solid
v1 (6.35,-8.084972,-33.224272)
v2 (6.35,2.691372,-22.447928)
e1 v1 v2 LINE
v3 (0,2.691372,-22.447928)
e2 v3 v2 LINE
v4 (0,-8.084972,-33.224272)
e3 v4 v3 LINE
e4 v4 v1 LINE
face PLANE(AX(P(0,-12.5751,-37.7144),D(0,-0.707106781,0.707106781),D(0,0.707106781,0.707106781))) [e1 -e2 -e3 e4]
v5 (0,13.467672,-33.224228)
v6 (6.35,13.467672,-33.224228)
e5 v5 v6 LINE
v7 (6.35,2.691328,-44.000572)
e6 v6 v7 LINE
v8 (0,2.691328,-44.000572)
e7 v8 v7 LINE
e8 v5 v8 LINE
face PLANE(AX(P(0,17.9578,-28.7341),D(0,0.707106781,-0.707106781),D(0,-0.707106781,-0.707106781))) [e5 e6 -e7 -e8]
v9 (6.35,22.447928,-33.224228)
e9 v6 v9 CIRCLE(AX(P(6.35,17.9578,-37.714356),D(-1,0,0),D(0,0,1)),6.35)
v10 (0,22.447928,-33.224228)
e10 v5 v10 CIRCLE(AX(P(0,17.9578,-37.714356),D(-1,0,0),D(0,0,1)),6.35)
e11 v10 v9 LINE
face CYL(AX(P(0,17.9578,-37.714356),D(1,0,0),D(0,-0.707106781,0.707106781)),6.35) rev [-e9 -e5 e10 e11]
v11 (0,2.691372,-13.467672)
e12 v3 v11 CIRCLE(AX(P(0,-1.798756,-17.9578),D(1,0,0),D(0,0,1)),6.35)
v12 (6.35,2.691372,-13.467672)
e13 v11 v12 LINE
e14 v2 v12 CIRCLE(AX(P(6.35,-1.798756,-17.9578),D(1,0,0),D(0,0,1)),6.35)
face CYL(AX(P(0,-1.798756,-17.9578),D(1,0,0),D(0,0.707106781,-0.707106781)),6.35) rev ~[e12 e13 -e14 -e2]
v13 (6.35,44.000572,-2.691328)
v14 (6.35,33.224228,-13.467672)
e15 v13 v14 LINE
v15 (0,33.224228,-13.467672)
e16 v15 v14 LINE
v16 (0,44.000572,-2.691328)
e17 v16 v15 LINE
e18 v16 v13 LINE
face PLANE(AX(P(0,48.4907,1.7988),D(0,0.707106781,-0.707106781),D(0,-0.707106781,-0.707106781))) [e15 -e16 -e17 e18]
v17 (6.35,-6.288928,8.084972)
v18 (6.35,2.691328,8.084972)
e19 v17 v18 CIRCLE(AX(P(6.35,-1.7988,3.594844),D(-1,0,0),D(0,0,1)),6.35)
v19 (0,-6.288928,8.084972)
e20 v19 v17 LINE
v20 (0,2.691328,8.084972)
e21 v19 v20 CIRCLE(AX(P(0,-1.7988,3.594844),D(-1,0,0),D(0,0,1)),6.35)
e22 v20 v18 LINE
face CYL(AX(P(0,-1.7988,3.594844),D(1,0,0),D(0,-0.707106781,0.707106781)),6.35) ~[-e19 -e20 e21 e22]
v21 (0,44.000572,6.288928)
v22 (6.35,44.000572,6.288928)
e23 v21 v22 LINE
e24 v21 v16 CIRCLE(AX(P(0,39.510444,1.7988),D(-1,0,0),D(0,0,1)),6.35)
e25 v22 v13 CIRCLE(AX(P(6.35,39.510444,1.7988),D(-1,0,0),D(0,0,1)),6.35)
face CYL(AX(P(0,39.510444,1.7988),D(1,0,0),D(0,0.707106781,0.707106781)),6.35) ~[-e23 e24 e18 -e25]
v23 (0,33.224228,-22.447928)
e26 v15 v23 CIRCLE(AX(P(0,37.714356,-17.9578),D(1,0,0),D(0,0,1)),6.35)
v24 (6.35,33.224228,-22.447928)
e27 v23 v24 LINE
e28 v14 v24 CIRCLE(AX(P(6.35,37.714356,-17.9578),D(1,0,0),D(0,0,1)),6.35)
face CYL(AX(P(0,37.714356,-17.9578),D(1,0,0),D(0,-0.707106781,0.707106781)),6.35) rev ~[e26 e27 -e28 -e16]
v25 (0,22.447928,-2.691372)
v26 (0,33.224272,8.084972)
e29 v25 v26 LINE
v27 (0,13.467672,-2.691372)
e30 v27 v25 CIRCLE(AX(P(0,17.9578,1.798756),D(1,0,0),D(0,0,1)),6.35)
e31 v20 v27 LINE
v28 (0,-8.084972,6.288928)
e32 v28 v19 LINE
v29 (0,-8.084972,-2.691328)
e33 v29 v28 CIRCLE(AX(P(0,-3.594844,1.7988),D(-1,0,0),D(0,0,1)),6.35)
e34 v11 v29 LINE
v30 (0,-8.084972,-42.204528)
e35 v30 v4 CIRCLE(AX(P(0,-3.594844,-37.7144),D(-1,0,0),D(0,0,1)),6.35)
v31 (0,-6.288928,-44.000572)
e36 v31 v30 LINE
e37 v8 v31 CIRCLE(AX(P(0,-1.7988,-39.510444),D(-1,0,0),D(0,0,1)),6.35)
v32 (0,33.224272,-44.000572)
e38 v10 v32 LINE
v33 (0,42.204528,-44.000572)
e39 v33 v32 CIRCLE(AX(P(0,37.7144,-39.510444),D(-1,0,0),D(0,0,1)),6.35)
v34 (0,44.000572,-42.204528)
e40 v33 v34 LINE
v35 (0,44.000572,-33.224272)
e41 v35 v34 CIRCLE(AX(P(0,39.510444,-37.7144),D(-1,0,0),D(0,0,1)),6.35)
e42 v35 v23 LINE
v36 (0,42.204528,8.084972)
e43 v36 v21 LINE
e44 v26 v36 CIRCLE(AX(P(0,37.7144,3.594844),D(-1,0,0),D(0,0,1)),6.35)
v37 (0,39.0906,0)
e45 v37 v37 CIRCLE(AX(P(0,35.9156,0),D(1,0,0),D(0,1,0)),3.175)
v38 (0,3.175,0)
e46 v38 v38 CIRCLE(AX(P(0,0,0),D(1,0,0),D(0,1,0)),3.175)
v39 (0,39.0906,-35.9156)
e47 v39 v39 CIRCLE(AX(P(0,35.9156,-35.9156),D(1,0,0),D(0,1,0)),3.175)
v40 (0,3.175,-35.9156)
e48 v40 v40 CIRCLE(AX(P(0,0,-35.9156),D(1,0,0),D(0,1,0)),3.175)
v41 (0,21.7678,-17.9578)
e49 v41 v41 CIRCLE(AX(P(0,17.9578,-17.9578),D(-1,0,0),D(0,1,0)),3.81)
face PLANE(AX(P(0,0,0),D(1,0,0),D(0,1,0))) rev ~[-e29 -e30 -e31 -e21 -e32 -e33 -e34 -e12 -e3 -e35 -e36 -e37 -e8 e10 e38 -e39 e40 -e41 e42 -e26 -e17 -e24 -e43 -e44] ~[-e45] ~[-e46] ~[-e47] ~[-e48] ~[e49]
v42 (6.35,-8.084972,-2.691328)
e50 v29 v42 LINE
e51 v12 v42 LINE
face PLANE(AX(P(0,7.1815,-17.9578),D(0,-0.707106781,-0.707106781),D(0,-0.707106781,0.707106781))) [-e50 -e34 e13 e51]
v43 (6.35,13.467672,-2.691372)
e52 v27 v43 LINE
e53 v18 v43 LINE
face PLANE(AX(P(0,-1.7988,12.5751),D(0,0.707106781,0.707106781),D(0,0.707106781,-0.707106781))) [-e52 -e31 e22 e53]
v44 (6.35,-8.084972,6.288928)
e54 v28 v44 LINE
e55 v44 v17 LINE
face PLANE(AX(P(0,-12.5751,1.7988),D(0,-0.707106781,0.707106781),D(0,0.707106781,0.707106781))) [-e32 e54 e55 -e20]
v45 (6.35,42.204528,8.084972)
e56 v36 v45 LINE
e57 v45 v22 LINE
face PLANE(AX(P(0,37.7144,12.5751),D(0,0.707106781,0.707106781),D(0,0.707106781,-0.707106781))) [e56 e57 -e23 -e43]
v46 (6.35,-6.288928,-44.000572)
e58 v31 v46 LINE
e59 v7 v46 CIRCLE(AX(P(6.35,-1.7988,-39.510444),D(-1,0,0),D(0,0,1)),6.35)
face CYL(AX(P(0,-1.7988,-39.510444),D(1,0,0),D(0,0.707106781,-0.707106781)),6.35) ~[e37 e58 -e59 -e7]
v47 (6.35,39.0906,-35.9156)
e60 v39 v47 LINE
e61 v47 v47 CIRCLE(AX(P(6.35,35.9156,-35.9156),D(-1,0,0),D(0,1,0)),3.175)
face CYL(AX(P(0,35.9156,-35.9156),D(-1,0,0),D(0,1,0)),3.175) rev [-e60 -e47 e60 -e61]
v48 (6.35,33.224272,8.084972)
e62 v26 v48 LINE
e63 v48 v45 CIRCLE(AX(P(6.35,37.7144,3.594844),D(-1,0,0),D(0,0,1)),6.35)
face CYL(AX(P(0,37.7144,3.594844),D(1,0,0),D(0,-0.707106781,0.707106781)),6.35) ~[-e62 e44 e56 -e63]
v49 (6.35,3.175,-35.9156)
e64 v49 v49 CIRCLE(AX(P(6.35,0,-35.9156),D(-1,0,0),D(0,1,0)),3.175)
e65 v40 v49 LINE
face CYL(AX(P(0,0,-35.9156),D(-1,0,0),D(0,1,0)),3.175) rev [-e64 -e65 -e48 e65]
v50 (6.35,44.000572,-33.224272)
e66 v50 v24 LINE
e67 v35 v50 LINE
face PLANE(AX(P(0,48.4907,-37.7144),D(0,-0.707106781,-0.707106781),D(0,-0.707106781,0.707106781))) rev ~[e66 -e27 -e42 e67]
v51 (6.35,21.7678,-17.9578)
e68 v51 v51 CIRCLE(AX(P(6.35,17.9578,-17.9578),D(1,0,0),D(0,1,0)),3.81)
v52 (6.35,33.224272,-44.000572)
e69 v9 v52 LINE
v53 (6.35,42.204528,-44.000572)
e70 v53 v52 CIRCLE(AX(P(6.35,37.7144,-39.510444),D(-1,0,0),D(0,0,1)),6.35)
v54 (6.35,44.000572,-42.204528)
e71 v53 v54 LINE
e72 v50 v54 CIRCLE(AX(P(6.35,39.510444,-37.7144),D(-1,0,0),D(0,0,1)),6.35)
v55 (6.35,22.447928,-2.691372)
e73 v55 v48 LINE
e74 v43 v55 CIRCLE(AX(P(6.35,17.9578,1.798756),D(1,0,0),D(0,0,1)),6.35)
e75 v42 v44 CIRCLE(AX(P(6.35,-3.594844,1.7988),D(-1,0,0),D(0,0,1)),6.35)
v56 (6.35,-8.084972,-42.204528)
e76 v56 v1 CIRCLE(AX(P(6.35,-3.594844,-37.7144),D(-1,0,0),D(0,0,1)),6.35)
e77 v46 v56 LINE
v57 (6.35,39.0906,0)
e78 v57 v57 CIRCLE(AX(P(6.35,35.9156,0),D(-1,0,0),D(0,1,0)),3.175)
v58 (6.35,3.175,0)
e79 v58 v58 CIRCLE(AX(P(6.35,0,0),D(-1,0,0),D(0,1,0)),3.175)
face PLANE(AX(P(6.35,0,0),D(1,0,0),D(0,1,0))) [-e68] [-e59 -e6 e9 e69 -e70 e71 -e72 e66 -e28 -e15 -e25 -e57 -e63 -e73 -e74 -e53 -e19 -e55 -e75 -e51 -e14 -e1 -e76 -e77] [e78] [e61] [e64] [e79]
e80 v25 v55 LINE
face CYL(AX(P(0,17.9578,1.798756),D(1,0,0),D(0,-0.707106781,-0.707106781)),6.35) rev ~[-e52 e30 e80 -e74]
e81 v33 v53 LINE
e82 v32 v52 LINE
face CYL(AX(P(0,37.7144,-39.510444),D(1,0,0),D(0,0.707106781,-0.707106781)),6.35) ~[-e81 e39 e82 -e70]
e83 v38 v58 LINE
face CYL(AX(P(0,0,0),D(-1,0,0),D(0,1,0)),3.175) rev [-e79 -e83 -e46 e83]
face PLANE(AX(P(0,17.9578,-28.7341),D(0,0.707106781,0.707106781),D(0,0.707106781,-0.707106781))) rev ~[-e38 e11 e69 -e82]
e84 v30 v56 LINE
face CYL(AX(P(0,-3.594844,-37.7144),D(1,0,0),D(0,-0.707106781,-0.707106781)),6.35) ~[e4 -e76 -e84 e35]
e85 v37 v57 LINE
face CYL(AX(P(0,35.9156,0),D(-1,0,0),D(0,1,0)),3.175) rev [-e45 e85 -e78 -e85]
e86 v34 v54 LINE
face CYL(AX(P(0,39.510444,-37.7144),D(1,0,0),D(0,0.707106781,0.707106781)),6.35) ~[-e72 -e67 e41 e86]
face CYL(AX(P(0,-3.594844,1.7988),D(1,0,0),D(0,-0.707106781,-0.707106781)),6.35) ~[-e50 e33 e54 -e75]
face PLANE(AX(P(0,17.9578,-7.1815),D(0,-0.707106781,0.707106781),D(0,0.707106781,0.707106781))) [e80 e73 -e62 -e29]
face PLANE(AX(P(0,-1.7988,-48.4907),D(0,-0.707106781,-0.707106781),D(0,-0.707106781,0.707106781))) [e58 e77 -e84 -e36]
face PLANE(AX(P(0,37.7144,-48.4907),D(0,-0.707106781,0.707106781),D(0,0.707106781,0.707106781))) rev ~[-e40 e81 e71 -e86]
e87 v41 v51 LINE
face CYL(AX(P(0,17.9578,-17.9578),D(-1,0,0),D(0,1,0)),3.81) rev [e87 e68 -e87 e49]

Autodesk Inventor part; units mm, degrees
ref_plane "YZ Plane" through (0, 0, 0) normal (1, 0, 0) x (0, 1, 0)
ref_plane "XZ Plane" through (0, 0, 0) normal (0, 1, 0) x (-1, 0, 0)
ref_plane "XY Plane" through (0, 0, 0) normal (0, 0, 1) x (1, 0, 0)
sketch "Sketch1" plane through (0, 0, 0) normal (1, 0, 0) x (0, 1, 0)
  circle A0 centre (17.9578, -17.9578) radius 3.81
  circle A1 centre (35.9156, 0) radius 3.175
  circle A2 centre (0, -35.9156) radius 3.175
  circle A3 centre (35.9156, -35.9156) radius 3.175
  circle A4 centre (0, 0) radius 3.175
  line L0 (17.9578, -17.9578) -> (23.346, -23.346)
  line L1 (23.346, -23.346) -> (12.5696, -23.346)
  line L2 (17.9578, -28.7341) -> (37.7144, -48.4907)
  line L3 (37.7144, -48.4907) -> (48.4907, -37.7144)
  line L4 (48.4907, -37.7144) -> (28.7341, -17.9578)
  line L5 (17.9578, -28.7341) -> (-1.7988, -48.4907)
  line L6 (-1.7988, -48.4907) -> (-12.5751, -37.7144)
  line L7 (-12.5751, -37.7144) -> (7.1815, -17.9578)
  line L8 (7.1815, -17.9578) -> (-12.5751, 1.7988)
  line L9 (-12.5751, 1.7988) -> (-1.7988, 12.5751)
  line L10 (-1.7988, 12.5751) -> (17.9578, -7.1815)
  line L11 (17.9578, -7.1815) -> (37.7144, 12.5751)
  line L12 (37.7144, 12.5751) -> (48.4907, 1.7988)
  line L13 (48.4907, 1.7988) -> (28.7341, -17.9578)
  line L14 (35.9156, 0) -> (33.6705, -2.2451)
  line L15 (0, 0) -> (2.2451, -2.2451)
  line L16 (15.2637, -15.2637) -> (17.9578, -17.9578)
  line L17 (22.6724, -13.2432) -> (20.6519, -15.2637)
  line L18 (15.2637, -20.6519) -> (12.5696, -23.346)
  line L19 (2.2451, -33.6705) -> (0, -35.9156)
  line L20 (35.9156, 0) -> (35.9156, -3.175)
  line L21 (35.9156, -32.7406) -> (35.9156, -35.9156)
  line L22 (35.9156, -35.9156) -> (32.7406, -35.9156)
  line L23 (3.175, -35.9156) -> (0, -35.9156)
  line L24 (0, -35.9156) -> (0, -32.7406)
  line L25 (0, -3.175) -> (0, 0)
  line L26 (0, 0) -> (3.175, 0)
  line L27 (32.7406, 0) -> (35.9156, 0)
  point P0 (20.6519, -20.6519)
  dimension "d0" = 35.9156
  dimension "d1" = 35.9156
  dimension "d2" = 7.62
  dimension "d3" = 6.35
  dimension "d4" = 6.35
  dimension "d5" = 6.35
  dimension "d6" = 6.35
  dimension "d7" = 7.62
  dimension "d8" = 35.56
  dimension "d9" = 15.24
  dimension "d10" = 35.56
  dimension "d11" = 15.24
  dimension "d12" = 35.56
extrude "Extrusion1" add sketch "Sketch1" along normal blind 6.35 contours L0 L1 L18 A0 | L5 L6 L7 L8 L9 L10 L11 L12 L13 L4 L3 L2
fillet "Fillet1" radius 6.35 12 edges at (3.175, 28.7341, -17.9578) (3.175, 48.4907, -37.7144) (3.175, 37.7144, -48.4907) (3.175, -1.7988, -48.4907) (3.175, -1.7988, 12.5751) (3.175, 37.7144, 12.5751) (3.175, 48.4907, 1.7988) (3.175, 17.9578, -28.7341) (3.175, -12.5751, -37.7144) (3.175, -12.5751, 1.7988) (3.175, 7.1815, -17.9578) (3.175, 17.9578, -7.1815)
sketch "Sketch2" plane through (6.35, 0, 0) normal (1, 0, 0) x (0, 0, -1)
  circle A0 centre (0, 35.9156) radius 3.175 projected
  circle A1 centre (0, 35.9156) radius 3.175
  circle A2 centre (35.9156, 35.9156) radius 3.175 projected
  circle A3 centre (35.9156, 35.9156) radius 3.175
  circle A4 centre (35.9156, 0) radius 3.175 projected
  circle A5 centre (35.9156, 0) radius 3.175
  circle A6 centre (0, 0) radius 3.175 projected
  circle A7 centre (0, 0) radius 3.175
extrude "Extrusion2" [suppressed]
sketch "Sketch3" plane through (0, 0, 0) normal (-1, 0, 0) x (0, 0, 1)
  circle A0 centre (0, 0) radius 3.175 projected
  circle A1 centre (0, 0) radius 3.048
  circle A2 centre (-35.9156, 0) radius 3.175 projected
  circle A3 centre (-35.9156, 0) radius 3.048
  circle A4 centre (-35.9156, 35.9156) radius 3.175 projected
  circle A5 centre (-35.9156, 35.9156) radius 3.048
  circle A6 centre (0, 35.9156) radius 3.048
  dimension "d20" = 6.096
  dimension "d21" = 6.096
  dimension "d22" = 6.096
  dimension "d23" = 6.096
extrude "Extrusion3" [suppressed]
fillet "Fillet2" [suppressed]
fillet "Fillet3" [suppressed]
properties part number "Planet Carrier_3DPrint"
